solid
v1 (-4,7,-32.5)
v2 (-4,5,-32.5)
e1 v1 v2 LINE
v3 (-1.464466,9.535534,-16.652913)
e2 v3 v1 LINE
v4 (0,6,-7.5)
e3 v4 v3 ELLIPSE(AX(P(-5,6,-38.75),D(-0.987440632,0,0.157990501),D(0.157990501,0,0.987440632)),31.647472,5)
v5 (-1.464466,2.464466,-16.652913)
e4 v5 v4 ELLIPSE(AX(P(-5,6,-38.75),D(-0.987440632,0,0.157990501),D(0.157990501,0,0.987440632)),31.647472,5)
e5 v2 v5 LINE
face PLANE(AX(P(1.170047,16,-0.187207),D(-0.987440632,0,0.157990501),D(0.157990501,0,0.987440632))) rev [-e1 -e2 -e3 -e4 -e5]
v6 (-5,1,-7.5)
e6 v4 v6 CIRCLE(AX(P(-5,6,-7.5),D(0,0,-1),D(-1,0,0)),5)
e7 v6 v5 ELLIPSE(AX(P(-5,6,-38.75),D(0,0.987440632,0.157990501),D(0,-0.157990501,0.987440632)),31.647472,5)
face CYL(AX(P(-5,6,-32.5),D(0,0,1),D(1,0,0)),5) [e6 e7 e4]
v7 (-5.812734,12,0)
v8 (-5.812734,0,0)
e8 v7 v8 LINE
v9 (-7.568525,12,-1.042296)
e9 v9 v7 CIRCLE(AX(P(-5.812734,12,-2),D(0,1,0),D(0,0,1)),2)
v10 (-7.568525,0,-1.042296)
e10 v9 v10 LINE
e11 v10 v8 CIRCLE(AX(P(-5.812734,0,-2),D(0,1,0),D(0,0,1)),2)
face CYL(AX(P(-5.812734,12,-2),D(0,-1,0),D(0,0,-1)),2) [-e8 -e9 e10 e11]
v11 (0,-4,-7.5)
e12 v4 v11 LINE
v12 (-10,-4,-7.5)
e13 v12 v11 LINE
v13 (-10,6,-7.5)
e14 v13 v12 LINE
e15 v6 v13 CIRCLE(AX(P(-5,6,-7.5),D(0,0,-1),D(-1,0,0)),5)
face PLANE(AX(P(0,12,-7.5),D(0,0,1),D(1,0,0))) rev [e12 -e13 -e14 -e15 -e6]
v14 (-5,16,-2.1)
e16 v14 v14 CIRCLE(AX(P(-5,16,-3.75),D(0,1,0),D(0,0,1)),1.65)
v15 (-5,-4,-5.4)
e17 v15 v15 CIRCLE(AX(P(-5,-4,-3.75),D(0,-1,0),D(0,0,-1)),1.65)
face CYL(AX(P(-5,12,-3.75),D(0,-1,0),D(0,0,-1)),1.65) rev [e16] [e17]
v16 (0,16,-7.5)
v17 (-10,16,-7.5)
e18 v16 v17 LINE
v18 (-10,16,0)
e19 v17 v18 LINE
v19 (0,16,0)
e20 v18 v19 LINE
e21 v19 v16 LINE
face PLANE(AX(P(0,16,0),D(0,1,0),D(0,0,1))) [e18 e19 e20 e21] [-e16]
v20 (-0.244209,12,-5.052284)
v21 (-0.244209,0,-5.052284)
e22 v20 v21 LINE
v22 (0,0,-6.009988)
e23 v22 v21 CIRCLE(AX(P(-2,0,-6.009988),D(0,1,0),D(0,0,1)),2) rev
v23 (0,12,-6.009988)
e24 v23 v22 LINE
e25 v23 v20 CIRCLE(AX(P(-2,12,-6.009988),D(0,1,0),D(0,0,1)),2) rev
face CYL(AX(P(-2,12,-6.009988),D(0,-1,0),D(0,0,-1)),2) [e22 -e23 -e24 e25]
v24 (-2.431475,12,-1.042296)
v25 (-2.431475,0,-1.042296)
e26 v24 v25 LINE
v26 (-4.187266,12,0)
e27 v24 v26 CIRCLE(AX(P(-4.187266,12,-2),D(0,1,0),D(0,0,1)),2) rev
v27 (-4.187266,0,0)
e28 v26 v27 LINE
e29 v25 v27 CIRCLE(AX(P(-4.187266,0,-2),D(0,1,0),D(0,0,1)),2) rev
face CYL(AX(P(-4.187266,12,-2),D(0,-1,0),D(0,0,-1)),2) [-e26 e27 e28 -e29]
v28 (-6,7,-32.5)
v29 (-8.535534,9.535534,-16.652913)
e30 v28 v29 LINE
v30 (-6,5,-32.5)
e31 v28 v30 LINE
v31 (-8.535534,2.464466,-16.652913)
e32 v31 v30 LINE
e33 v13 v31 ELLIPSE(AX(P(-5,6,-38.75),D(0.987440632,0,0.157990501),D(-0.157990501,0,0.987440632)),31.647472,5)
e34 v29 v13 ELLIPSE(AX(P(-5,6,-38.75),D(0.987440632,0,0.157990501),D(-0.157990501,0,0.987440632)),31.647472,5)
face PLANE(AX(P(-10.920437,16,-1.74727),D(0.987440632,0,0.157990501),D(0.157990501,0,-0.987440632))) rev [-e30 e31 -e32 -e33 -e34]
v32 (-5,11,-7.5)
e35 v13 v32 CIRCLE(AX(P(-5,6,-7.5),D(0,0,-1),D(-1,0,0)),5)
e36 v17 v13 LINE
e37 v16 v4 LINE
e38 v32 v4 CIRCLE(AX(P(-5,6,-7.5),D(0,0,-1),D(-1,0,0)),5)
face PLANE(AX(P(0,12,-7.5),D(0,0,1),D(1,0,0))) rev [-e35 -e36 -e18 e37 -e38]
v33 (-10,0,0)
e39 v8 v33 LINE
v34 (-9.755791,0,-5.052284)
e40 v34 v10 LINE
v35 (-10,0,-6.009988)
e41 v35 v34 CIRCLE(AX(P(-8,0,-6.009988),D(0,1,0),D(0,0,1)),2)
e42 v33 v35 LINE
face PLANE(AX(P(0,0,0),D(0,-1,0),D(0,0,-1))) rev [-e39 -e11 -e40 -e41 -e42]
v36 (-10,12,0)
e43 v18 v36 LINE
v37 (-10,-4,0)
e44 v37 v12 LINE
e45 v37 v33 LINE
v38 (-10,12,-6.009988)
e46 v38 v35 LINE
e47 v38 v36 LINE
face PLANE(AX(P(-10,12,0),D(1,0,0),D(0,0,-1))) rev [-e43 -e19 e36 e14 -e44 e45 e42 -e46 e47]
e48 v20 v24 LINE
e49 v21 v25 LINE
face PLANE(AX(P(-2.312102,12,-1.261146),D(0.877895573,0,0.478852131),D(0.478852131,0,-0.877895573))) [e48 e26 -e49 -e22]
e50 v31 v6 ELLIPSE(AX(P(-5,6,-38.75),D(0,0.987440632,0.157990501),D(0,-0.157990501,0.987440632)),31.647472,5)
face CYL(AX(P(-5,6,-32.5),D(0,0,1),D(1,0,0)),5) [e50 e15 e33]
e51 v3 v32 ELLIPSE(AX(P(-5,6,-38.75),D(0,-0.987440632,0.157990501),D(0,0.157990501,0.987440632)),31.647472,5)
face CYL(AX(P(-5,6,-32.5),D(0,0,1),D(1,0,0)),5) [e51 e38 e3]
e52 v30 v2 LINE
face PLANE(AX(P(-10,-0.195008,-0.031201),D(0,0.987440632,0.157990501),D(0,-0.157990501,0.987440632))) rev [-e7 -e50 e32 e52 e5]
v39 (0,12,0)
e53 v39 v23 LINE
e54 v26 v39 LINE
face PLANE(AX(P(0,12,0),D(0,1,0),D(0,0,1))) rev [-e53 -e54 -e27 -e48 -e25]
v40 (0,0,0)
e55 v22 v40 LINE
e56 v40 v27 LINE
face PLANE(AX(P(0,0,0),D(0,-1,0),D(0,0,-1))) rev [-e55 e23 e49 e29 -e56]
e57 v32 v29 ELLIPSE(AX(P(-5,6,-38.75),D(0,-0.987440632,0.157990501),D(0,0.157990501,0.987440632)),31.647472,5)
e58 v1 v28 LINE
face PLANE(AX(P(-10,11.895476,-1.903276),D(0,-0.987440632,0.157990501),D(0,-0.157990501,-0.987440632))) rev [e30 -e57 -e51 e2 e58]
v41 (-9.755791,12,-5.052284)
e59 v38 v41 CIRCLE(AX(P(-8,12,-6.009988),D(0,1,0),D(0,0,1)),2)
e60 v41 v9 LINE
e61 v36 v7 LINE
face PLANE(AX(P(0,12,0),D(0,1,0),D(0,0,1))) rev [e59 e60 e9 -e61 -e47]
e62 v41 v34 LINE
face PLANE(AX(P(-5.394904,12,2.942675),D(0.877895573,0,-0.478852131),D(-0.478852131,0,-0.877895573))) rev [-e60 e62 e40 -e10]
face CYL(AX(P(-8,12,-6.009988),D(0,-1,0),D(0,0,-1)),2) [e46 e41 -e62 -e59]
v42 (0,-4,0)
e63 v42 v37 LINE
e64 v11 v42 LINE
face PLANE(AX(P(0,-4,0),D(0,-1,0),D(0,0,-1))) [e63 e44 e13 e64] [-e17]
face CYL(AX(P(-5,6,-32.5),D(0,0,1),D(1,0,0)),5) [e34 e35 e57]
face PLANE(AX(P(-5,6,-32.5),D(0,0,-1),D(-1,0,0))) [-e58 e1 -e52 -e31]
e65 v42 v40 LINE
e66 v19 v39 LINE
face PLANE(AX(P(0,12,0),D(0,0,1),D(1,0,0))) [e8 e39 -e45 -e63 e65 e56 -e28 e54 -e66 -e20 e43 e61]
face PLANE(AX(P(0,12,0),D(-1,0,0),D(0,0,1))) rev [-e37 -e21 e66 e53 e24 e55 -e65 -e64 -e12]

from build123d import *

# Parameters (mm, degrees)
BOSS_EXTRUDE1_DEPTH = 12
BOSS_EXTRUDE2_START = 4
SKETCH2_W           = 10
SKETCH2_H           = 7.500000000000002
SKETCH2_R           = 1.65
BOSS_EXTRUDE2_DEPTH = 4
SKETCH3_W           = 10
SKETCH3_H           = 7.499999999999999
SKETCH3_R           = 1.6500000000000001
BOSS_EXTRUDE3_DEPTH = 4
SKETCH4_R           = 5.000000000000002
BOSS_EXTRUDE4_DEPTH = 25
CUT_EXTRUDE1_DEPTH  = 38.579914848227105
CUT_EXTRUDE2_DEPTH  = 40.44933459514875


with BuildPart() as part:
    # Sketch1 → Boss-Extrude1 (new body)
    with BuildSketch(Plane(origin=(0, 0, 0), x_dir=(1, 0, 0), z_dir=(0, 1, 0))):
        with BuildLine():
            Line((-5, 7.5), (-10, 7.499999999999999))
            Line((-10, 7.499999999999999), (-10, 6.009988028713897))
            ThreePointArc((-10, 6.009988028713897), (-9.937986363684939, 5.515813106068849), (-9.755791145828766, 5.052283767352735))
            Line((-9.755791145828766, 5.052283767352735), (-7.56852494834847, 1.0422957386388614))
            ThreePointArc((-7.56852494834847, 1.042295738638861), (-6.83366266323373, 0.2802022614966764), (-5.812733802519688, -8.9e-16))
            Line((-5.812733802519688, 0), (-5, 0))
            Line((-5, 0), (-5, 2.0999999999999996))
            ThreePointArc((-5.000000000000002, 2.0999999999999996), (-6.65, 3.7500000000000004), (-5, 5.3999999999999995))
            Line((-5, 5.3999999999999995), (-5, 7.5))
        make_face()
        with BuildLine():
            Line((0, 7.5), (-5, 7.5))
            Line((-5, 7.5), (-5, 5.3999999999999995))
            ThreePointArc((-5, 5.3999999999999995), (-3.8332738110421967, 4.916726188957803), (-3.35, 3.7499999999999996))
            ThreePointArc((-3.35, 3.749999999999999), (-3.833273811042198, 2.583273811042195), (-5.000000000000002, 2.0999999999999996))
            Line((-5, 2.0999999999999996), (-5, 0))
            Line((-5, 0), (-4.187266197480313, 0))
            ThreePointArc((-4.187266197480313, -8.9e-16), (-3.1663373367662704, 0.2802022614966755), (-2.4314750516515296, 1.0422957386388605))
            Line((-2.43147505165153, 1.0422957386388614), (-0.24420885417123472, 5.052283767352735))
            ThreePointArc((-0.24420885417123483, 5.052283767352735), (-0.06201363631506229, 5.515813106068849), (0, 6.009988028713897))
            Line((0, 6.009988028713897), (0, 7.5))
        make_face()
    extrude(amount=BOSS_EXTRUDE1_DEPTH)

    # Sketch2 → Boss-Extrude2 (add)
    with BuildSketch(Plane.XZ.offset(BOSS_EXTRUDE2_START)):
        with Locations((-5, -3.75)):
            Rectangle(SKETCH2_W, SKETCH2_H)
        with Locations(Location((-4.999999999999999, -3.75, 0), (0, 0, 270))):
            Circle(SKETCH2_R, mode=Mode.SUBTRACT)
    extrude(amount=-BOSS_EXTRUDE2_DEPTH)

    # Sketch3 → Boss-Extrude3 (add)
    with BuildSketch(Plane(origin=(0, 12, 0), x_dir=(1, 0, 0), z_dir=(0, 1, 0))):
        with Locations((-5, 3.7499999999999996)):
            Rectangle(SKETCH3_W, SKETCH3_H)
        with Locations(Location((-4.999999999999999, 3.7499999999999982, 0), (0, 0, 90))):
            Circle(SKETCH3_R, mode=Mode.SUBTRACT)
    extrude(amount=BOSS_EXTRUDE3_DEPTH)

    # Sketch4 → Boss-Extrude4 (add)
    with BuildSketch(Plane(origin=(-6.5e-16, 0, -7.5), x_dir=(-1, 0, 9e-17), z_dir=(-9e-17, 0, -1))):
        with Locations((5, 6)):
            Circle(SKETCH4_R)
    extrude(amount=BOSS_EXTRUDE4_DEPTH)

    # Sketch5 → Cut-Extrude1 (cut, through all)
    with BuildSketch(Plane(origin=(0, 0, 0), x_dir=(0, 0, -1), z_dir=(1, 0, 0))):
        Polygon((32.5, 11.000000000000002), (7.5, 11), (32.5, 7), align=None)
        Polygon((32.5, 0.9999999999999991), (32.5, 5), (7.5, 0.9999999999999991), align=None)
    extrude(amount=-CUT_EXTRUDE1_DEPTH, mode=Mode.SUBTRACT)

    # Sketch6 → Cut-Extrude2 (cut, through all)
    with BuildSketch(Plane(origin=(0, -4, 0), x_dir=(-1, 0, 0), z_dir=(0, -1, 0))):
        Polygon((3.47e-15, 7.5), (4.000000000000004, 32.50000000000002), (3.92e-15, 32.500000000000014), align=None)
        Polygon((10.000000000000009, 32.500000000000014), (6.000000000000004, 32.500000000000014), (10, 7.5), align=None)
    extrude(amount=-CUT_EXTRUDE2_DEPTH, mode=Mode.SUBTRACT)


solid = part.part
